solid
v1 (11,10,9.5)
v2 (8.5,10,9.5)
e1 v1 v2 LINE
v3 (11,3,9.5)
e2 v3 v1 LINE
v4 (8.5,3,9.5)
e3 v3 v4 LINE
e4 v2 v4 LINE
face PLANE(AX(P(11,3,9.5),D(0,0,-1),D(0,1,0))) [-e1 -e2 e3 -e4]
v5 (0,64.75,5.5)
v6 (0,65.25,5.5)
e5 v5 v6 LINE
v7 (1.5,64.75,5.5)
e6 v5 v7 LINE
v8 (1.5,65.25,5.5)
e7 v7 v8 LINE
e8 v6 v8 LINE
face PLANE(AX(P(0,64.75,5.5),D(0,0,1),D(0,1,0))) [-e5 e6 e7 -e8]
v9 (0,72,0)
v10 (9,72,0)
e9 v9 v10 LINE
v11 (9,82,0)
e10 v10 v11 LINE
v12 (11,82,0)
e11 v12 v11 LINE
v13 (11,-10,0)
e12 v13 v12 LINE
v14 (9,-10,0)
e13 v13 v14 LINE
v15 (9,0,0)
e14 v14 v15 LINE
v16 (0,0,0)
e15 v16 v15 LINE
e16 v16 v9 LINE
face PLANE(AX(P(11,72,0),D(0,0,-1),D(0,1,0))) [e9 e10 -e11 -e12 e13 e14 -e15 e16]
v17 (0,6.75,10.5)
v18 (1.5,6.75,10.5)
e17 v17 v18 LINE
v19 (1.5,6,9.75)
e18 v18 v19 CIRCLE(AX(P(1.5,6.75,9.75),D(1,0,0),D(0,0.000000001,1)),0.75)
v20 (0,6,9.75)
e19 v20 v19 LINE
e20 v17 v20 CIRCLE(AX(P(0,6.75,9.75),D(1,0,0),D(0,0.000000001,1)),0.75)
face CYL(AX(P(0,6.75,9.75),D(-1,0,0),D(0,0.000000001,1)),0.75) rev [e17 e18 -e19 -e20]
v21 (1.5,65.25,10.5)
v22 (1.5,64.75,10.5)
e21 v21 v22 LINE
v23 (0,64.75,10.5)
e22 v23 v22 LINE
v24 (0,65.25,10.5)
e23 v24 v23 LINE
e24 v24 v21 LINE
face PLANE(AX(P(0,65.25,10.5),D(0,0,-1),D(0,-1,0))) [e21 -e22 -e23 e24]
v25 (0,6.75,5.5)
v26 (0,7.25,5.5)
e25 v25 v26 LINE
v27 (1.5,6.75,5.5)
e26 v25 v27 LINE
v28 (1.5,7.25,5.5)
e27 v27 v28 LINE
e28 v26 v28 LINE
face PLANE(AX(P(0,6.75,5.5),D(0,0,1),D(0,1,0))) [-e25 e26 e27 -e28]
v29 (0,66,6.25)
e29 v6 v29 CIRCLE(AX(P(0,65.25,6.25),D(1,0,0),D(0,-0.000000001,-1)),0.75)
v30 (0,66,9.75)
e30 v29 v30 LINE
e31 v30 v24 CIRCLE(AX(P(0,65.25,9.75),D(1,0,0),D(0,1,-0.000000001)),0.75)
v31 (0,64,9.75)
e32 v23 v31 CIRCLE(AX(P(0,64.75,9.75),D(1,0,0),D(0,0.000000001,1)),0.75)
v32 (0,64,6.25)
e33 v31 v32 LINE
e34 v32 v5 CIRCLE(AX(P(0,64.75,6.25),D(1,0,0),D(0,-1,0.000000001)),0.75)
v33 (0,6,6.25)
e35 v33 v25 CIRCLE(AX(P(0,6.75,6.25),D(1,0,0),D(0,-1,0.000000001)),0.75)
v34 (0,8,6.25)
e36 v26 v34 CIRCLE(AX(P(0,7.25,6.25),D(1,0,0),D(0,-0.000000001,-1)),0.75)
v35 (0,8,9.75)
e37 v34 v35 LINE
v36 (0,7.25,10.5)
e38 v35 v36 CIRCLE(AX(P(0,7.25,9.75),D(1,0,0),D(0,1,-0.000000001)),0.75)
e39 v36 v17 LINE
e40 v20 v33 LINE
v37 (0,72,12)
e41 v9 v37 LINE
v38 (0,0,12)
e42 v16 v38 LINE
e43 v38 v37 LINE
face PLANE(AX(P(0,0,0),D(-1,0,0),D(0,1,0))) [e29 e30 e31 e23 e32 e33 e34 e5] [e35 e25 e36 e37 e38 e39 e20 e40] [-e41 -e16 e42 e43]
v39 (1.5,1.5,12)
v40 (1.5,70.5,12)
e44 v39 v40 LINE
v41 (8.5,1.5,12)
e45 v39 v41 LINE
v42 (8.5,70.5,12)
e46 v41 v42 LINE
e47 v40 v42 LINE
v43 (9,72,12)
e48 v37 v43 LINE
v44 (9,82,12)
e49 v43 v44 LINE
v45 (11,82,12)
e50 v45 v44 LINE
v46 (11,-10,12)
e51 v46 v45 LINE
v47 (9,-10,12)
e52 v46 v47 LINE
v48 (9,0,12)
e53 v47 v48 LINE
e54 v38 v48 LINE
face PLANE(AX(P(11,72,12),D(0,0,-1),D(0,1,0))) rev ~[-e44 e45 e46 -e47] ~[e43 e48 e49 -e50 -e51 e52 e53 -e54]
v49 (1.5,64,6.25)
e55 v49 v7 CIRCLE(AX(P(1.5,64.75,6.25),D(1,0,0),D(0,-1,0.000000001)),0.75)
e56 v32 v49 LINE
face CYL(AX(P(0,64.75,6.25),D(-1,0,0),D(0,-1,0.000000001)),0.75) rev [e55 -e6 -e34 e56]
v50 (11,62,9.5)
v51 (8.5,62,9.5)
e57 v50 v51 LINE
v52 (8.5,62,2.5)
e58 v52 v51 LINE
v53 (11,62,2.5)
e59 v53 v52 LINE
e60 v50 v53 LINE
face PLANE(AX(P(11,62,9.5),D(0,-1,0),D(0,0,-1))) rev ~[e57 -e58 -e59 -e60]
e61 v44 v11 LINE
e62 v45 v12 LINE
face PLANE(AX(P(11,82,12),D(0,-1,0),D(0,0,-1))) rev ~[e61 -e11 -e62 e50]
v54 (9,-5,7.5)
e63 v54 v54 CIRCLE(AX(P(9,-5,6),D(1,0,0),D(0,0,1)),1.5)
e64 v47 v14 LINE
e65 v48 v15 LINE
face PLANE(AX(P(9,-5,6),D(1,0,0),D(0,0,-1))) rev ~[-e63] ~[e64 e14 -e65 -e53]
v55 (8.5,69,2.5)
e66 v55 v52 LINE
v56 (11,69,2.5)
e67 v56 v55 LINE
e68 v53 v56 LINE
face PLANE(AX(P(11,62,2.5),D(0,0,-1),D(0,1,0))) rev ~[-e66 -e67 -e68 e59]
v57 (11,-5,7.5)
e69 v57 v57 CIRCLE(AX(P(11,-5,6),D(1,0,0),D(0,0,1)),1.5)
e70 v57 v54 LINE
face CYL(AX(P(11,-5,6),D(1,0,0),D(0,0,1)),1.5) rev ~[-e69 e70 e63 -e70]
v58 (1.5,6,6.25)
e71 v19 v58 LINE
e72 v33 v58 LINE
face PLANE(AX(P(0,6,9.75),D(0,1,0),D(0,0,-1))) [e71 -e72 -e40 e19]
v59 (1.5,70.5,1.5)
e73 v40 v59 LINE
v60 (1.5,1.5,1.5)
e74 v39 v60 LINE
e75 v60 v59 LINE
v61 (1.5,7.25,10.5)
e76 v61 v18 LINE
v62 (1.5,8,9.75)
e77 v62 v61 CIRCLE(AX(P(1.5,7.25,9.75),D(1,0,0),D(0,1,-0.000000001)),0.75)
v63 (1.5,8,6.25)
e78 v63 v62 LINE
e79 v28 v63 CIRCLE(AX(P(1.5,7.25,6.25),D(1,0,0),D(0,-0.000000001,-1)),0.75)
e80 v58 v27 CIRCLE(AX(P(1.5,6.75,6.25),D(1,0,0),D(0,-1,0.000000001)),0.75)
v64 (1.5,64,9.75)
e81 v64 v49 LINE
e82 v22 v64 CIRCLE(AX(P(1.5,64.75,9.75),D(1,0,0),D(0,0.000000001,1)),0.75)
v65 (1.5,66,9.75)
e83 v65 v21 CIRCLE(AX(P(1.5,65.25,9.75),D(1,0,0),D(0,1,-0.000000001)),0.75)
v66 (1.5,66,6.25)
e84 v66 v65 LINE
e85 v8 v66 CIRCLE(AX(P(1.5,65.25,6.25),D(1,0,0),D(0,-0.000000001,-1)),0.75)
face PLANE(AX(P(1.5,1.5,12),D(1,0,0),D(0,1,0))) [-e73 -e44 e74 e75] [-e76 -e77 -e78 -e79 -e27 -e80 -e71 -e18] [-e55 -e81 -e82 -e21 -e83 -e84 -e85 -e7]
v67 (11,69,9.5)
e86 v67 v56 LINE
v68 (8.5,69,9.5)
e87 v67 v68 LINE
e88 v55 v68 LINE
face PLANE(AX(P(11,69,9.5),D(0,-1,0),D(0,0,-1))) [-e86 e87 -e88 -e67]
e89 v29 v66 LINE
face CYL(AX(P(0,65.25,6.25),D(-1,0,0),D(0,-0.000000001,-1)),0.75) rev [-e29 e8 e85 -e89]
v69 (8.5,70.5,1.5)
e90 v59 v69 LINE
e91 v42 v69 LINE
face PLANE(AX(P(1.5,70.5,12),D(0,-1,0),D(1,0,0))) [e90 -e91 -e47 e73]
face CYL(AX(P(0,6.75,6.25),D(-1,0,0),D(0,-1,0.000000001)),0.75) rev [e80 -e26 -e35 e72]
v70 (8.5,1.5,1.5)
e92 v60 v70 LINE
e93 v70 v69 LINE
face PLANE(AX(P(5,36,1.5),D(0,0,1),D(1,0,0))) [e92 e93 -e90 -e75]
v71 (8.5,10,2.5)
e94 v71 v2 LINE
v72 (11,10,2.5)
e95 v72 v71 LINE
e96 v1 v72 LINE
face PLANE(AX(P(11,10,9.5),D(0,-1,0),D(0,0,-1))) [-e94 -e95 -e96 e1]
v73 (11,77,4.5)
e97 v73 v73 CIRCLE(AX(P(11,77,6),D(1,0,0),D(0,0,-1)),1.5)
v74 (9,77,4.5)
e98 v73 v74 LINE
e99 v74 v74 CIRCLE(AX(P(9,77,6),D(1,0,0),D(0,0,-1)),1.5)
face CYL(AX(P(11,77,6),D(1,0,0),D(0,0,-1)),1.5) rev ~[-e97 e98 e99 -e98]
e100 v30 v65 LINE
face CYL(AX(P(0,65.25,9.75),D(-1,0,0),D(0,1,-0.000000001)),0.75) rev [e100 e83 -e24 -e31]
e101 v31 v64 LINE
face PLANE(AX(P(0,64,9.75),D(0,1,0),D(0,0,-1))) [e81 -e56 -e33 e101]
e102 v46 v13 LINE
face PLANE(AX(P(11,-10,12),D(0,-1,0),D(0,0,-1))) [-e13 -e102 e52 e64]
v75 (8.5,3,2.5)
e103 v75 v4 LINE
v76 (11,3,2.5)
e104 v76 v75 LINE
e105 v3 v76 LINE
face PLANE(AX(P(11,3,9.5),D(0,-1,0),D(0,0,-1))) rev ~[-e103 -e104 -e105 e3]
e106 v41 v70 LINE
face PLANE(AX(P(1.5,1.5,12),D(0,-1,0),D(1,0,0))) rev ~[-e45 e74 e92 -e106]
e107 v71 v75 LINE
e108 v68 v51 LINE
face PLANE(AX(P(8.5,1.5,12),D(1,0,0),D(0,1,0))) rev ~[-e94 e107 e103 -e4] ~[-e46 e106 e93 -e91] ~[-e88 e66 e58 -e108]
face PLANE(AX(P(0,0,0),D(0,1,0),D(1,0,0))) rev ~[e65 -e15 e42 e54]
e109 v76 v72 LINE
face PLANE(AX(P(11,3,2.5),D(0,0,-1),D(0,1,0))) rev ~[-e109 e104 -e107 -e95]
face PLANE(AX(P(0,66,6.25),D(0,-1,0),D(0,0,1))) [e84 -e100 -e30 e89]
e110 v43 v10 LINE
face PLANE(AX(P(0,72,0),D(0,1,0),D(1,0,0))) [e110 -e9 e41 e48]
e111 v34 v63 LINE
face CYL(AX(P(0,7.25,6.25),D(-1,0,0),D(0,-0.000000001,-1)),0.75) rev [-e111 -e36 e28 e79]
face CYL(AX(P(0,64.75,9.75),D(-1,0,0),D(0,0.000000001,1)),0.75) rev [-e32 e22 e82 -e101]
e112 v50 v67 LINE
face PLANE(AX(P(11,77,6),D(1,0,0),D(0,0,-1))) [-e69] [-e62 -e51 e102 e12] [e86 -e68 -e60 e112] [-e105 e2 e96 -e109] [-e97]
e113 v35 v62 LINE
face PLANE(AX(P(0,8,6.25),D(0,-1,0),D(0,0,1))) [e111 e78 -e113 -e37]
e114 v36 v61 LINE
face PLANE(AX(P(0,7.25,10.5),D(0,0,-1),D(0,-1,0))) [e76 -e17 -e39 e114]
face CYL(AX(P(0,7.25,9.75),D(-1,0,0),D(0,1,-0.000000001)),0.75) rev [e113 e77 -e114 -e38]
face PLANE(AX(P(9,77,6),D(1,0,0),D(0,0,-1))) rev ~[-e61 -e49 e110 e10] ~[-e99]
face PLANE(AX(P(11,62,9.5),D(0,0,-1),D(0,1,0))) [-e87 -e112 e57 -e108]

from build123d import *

# Parameters (mm, degrees)
SKETCH1_W           = 11
SKETCH1_H           = 72
BOSS_EXTRUDE1_DEPTH = 12
SKETCH2_W           = 12
SKETCH2_H           = 10
SKETCH2_R           = 1.5
BOSS_EXTRUDE2_DEPTH = 2
SKETCH3_W           = 7
SKETCH3_H           = 7
CUT_EXTRUDE1_DEPTH  = 3
SKETCH4_W           = 7
SKETCH4_H           = 69
CUT_EXTRUDE2_DEPTH  = 10.5
CUT_EXTRUDE3_DEPTH  = 1.5


with BuildPart() as part:
    # Sketch1 → Boss-Extrude1 (new body)
    with BuildSketch(Plane.XY):
        with Locations((5.5, 36)):
            Rectangle(SKETCH1_W, SKETCH1_H)
    extrude(amount=BOSS_EXTRUDE1_DEPTH)

    # Sketch2 → Boss-Extrude2 (add)
    # profile 1 of 2: a face of its own
    with BuildSketch(Plane(origin=(11, 0, 0), x_dir=(0, 0, -1), z_dir=(1, 0, 0))):
        with Locations((-6, 77)):
            Rectangle(SKETCH2_W, SKETCH2_H)
        with Locations((-6, 77)):
            Circle(SKETCH2_R, mode=Mode.SUBTRACT)
    # profile 2 of 2: a face of its own
    with BuildSketch(Plane(origin=(11, 0, 0), x_dir=(0, 0, -1), z_dir=(1, 0, 0))):
        with Locations((-6, -5)):
            Rectangle(SKETCH2_W, SKETCH2_H)
        with Locations(Location((-6, -5, 0), (0, 0, 180))):
            Circle(SKETCH2_R, mode=Mode.SUBTRACT)
    extrude(amount=-BOSS_EXTRUDE2_DEPTH)

    # Sketch3 → Cut-Extrude1 (cut)
    with BuildSketch(Plane(origin=(11, 0, 0), x_dir=(0, 0, -1), z_dir=(1, 0, 0))):
        with Locations((-6, 65.5)):
            Rectangle(SKETCH3_W, SKETCH3_H)
        with Locations((-6, 6.5)):
            Rectangle(SKETCH3_W, SKETCH3_H)
    extrude(amount=-CUT_EXTRUDE1_DEPTH, mode=Mode.SUBTRACT)

    # Sketch4 → Cut-Extrude2 (cut)
    with BuildSketch(Plane.XY.offset(12)):
        with Locations((5, 36)):
            Rectangle(SKETCH4_W, SKETCH4_H)
    extrude(amount=-CUT_EXTRUDE2_DEPTH, mode=Mode.SUBTRACT)

    # Sketch5 → Cut-Extrude3 (cut)
    with BuildSketch(Plane.ZY):
        with BuildLine():
            Line((6.25, 66), (9.75, 66))
            ThreePointArc((9.75, 66), (10.280330086, 65.780330086), (10.5, 65.25))
            Line((10.5, 65.25), (10.5, 64.75))
            ThreePointArc((10.5, 64.75), (10.280330086, 64.219669914), (9.75, 64))
            Line((9.75, 64), (6.25, 64))
            ThreePointArc((6.25, 64), (5.719669914, 64.219669914), (5.5, 64.75))
            Line((5.5, 64.75), (5.5, 65.25))
            ThreePointArc((5.5, 65.25), (5.719669914, 65.780330086), (6.25, 66))
        make_face()
        with BuildLine():
            Line((6.25, 8), (9.75, 8))
            ThreePointArc((9.75, 8), (10.280330086, 7.780330086), (10.5, 7.25))
            Line((10.5, 7.25), (10.5, 6.75))
            ThreePointArc((10.5, 6.75), (10.280330086, 6.219669914), (9.75, 6))
            Line((9.75, 6), (6.25, 6))
            ThreePointArc((6.25, 6), (5.719669914, 6.219669914), (5.5, 6.75))
            Line((5.5, 6.75), (5.5, 7.25))
            ThreePointArc((5.5, 7.25), (5.719669914, 7.780330086), (6.25, 8))
        make_face()
    extrude(amount=-CUT_EXTRUDE3_DEPTH, mode=Mode.SUBTRACT)


solid = part.part
